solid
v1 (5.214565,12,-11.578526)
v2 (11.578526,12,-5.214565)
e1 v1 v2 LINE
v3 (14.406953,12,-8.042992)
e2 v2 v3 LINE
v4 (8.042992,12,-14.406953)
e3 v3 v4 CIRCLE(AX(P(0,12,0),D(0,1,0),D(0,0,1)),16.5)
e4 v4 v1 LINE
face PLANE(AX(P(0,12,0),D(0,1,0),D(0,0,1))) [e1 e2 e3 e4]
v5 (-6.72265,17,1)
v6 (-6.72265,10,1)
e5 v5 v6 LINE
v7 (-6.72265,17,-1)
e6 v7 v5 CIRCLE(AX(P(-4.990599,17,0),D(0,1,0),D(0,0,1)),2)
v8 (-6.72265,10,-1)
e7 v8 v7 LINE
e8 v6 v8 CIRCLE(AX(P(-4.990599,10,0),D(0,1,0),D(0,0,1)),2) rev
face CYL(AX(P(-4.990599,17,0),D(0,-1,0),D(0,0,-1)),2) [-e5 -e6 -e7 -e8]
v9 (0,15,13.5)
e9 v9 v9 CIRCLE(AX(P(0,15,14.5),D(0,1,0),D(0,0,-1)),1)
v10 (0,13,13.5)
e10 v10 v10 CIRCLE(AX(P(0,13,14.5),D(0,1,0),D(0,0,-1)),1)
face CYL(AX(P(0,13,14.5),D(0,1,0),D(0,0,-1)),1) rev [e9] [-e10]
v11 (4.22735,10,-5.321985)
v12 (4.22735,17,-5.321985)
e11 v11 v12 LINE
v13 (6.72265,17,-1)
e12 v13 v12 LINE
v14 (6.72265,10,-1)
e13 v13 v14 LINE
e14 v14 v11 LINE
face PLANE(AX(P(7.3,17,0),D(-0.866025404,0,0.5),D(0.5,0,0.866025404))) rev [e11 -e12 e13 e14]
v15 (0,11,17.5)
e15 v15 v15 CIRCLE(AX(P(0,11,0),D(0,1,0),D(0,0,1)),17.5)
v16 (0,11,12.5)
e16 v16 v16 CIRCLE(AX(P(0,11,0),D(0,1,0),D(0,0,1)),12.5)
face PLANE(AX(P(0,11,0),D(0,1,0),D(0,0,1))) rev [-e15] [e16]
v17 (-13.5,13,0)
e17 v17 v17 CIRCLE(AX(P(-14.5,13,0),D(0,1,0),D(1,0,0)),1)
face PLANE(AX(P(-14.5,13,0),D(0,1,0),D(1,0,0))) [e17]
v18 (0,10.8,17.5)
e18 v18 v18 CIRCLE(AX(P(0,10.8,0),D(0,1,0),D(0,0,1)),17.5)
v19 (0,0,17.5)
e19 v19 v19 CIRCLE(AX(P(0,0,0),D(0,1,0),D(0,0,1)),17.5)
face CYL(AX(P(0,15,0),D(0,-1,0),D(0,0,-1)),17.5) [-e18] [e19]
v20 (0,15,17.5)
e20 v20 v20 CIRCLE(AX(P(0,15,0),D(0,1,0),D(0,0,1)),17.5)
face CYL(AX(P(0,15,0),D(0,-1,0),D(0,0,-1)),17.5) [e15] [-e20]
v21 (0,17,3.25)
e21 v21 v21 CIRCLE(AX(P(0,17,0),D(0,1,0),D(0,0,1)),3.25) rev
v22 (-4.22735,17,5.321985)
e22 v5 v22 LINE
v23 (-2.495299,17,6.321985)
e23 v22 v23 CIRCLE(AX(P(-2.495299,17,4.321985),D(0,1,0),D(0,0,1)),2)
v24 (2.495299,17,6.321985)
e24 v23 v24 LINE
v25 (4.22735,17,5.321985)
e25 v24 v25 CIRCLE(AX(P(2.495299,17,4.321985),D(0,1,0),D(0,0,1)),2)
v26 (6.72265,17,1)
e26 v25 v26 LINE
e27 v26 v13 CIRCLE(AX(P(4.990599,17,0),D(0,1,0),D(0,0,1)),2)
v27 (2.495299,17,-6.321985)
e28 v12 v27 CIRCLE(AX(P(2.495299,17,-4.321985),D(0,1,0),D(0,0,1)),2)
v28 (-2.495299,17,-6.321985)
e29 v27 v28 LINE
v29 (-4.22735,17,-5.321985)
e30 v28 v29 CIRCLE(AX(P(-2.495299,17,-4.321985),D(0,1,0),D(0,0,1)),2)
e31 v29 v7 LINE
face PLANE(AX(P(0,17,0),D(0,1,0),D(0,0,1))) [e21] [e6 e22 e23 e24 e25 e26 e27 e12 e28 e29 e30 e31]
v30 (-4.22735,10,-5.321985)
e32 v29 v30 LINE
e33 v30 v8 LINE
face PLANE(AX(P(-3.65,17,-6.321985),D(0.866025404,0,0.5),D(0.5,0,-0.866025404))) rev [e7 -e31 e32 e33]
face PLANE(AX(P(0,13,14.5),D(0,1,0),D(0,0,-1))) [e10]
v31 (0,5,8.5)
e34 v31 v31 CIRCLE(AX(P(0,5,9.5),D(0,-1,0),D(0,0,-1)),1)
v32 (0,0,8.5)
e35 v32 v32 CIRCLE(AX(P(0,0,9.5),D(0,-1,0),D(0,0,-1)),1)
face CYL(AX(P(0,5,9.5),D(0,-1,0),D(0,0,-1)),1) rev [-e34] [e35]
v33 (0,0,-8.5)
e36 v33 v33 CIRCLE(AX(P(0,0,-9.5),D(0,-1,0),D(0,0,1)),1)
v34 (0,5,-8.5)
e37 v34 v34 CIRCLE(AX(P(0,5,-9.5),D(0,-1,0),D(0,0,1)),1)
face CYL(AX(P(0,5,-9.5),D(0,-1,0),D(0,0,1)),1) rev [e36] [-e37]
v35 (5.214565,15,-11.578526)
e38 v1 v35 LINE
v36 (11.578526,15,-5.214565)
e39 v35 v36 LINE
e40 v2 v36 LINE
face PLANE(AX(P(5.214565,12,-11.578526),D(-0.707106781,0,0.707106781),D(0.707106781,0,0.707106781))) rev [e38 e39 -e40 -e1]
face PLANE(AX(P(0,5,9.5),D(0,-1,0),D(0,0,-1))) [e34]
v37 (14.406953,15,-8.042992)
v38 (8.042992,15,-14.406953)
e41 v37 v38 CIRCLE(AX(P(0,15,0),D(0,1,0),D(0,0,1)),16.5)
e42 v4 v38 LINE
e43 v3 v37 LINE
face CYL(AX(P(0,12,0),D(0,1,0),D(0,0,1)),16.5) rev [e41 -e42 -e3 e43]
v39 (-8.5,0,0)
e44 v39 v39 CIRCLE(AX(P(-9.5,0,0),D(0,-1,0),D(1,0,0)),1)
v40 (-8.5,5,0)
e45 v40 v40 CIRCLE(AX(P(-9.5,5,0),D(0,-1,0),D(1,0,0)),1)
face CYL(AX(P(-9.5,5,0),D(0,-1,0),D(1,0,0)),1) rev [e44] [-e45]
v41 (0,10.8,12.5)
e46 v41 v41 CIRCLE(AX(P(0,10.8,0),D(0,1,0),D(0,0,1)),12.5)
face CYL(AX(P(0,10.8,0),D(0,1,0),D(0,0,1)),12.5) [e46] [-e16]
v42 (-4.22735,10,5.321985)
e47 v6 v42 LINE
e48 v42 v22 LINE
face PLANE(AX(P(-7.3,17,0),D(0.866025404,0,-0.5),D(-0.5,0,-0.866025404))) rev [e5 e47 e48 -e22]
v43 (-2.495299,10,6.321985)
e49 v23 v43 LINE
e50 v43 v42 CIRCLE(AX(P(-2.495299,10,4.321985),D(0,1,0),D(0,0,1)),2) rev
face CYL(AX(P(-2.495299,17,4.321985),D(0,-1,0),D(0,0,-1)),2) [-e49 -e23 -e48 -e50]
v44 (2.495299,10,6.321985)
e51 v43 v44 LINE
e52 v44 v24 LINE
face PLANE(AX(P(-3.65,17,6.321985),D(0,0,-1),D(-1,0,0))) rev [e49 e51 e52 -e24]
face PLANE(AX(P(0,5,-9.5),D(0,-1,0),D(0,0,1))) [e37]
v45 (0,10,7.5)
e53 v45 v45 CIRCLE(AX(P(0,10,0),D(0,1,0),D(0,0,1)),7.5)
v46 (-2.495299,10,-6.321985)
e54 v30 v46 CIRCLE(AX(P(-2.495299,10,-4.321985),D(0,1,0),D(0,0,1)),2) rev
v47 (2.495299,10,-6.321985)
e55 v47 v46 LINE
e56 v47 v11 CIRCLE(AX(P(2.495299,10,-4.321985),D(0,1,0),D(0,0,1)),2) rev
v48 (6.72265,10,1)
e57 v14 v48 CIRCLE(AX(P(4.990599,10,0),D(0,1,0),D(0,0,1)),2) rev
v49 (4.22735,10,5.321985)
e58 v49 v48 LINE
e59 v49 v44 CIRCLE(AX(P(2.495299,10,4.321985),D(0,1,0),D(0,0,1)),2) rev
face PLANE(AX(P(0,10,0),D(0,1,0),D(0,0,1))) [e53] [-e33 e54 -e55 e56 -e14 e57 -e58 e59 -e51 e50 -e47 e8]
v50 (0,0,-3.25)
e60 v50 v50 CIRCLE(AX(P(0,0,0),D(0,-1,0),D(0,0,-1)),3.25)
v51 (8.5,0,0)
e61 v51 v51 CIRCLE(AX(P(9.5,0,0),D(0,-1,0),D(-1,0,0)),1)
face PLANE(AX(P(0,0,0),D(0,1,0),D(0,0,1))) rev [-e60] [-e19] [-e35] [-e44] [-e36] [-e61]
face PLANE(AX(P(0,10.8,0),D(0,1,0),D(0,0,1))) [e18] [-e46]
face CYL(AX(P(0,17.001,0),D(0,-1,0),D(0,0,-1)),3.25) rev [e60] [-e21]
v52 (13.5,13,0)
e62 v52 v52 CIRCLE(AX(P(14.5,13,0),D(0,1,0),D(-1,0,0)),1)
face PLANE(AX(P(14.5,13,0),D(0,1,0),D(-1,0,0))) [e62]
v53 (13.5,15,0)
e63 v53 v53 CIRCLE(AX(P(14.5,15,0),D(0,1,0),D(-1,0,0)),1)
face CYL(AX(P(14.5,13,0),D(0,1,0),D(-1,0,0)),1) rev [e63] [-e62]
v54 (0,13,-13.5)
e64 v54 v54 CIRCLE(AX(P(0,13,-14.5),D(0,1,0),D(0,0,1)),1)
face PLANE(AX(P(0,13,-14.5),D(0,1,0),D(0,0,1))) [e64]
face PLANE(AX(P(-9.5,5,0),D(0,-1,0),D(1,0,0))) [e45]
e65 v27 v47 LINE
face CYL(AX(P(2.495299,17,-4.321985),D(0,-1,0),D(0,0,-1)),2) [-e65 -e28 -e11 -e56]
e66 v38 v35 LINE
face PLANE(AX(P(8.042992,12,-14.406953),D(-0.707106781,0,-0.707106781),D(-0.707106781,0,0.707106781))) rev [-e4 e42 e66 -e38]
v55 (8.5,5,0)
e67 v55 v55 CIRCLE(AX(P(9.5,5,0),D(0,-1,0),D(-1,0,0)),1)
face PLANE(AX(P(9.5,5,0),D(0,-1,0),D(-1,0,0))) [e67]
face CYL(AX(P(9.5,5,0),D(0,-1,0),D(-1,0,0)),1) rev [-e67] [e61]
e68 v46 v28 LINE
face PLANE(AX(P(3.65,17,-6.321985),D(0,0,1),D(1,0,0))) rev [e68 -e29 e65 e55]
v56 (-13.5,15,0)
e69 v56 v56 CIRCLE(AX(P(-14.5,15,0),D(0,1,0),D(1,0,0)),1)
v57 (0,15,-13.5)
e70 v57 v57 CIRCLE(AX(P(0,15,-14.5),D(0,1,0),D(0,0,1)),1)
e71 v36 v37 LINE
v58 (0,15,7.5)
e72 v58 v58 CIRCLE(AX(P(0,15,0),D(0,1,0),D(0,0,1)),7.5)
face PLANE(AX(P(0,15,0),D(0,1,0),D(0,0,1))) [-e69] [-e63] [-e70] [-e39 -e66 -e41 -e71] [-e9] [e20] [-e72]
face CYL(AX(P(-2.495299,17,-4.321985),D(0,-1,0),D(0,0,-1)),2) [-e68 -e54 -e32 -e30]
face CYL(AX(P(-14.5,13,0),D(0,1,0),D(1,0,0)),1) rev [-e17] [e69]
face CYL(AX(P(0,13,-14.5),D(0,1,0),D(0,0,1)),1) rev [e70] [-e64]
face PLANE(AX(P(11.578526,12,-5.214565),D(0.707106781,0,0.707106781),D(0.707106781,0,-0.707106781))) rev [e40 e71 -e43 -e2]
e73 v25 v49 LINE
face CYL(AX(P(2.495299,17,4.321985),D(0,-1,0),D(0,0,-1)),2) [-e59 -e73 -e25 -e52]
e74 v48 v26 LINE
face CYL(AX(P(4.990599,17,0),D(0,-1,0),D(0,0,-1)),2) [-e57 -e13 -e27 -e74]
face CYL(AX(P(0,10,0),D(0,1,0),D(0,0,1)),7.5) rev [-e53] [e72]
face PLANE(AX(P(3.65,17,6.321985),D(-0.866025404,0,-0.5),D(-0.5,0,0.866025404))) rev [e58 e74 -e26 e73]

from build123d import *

# Parameters (mm, degrees)
SKETCH1_R           = 17.5
BOSS_EXTRUDE1_DEPTH = 15
BOSS_EXTRUDE2_DEPTH = 2
CUT_EXTRUDE1_REACH  = 19
SKETCH3_R           = 3.25
SKETCH4_R           = 1
CUT_EXTRUDE2_DEPTH  = 5
CIRPATTERN1_COUNT   = 4
SKETCH5_R           = 1
CUT_EXTRUDE3_DEPTH  = 2
CIRPATTERN2_COUNT   = 4
SKETCH6_R           = 7.5
CUT_EXTRUDE4_DEPTH  = 5
CUT_EXTRUDE6_START  = -4
SKETCH7_R           = 17.5
SKETCH7_R_2         = 12.5
CUT_EXTRUDE6_DEPTH  = 0.2
FILLET1_R           = 2
CUT_EXTRUDE7_DEPTH  = 3


with BuildPart() as part:
    # Sketch1 → Boss-Extrude1 (new body)
    with BuildSketch(Plane(origin=(0, 0, 0), x_dir=(1, 0, 0), z_dir=(0, 1, 0))):
        Circle(SKETCH1_R)
    extrude(amount=BOSS_EXTRUDE1_DEPTH)

    # Sketch2 → Boss-Extrude2 (add)
    with BuildSketch(Plane(origin=(0, 15, 0), x_dir=(1, 0, 0), z_dir=(0, 1, 0))):
        Polygon((7.3, 0), (3.65, 6.321985448), (-3.65, 6.321985448), (-7.3, 0), (-3.65, -6.321985448), (3.65, -6.321985448), align=None)
    extrude(amount=BOSS_EXTRUDE2_DEPTH)

    # Sketch3 → Cut-Extrude1 (cut, up to next)
    with BuildSketch(Plane.XZ, mode=Mode.PRIVATE) as cut_extrude1_sk1:
        Circle(SKETCH3_R)
    cut_extrude1_tool1 = extrude(cut_extrude1_sk1.sketch, amount=-CUT_EXTRUDE1_REACH, mode=Mode.PRIVATE) & part.part
    add(cut_extrude1_tool1.solids().sort_by_distance((0, 0, 0))[0], mode=Mode.SUBTRACT)

    # Sketch4 → Cut-Extrude2 (cut)
    with BuildSketch(Plane.XZ):
        with Locations((0, 9.5)):
            Circle(SKETCH4_R)
    cut_extrude2 = extrude(amount=-CUT_EXTRUDE2_DEPTH, mode=Mode.SUBTRACT)

    # CirPattern1: Cut-Extrude2 ×4 about axis
    cirpattern1_axis = Axis((0, 0, 0), (0, 1, 0))
    for i in range(1, CIRPATTERN1_COUNT):
        add(cut_extrude2.rotate(cirpattern1_axis, i * 360 / CIRPATTERN1_COUNT), mode=Mode.SUBTRACT)

    # Sketch5 → Cut-Extrude3 (cut)
    with BuildSketch(Plane(origin=(0, 15, 0), x_dir=(1, 0, 0), z_dir=(0, 1, 0))):
        with Locations((0, 14.5)):
            Circle(SKETCH5_R)
    cut_extrude3 = extrude(amount=-CUT_EXTRUDE3_DEPTH, mode=Mode.SUBTRACT)

    # CirPattern2: Cut-Extrude3 ×4 about axis
    cirpattern2_axis = Axis((0, 0, 0), (0, 1, 0))
    for i in range(1, CIRPATTERN2_COUNT):
        add(cut_extrude3.rotate(cirpattern2_axis, i * 360 / CIRPATTERN2_COUNT), mode=Mode.SUBTRACT)

    # Sketch6 → Cut-Extrude4 (cut)
    with BuildSketch(Plane(origin=(0, 15, 0), x_dir=(1, 0, 0), z_dir=(0, 1, 0))):
        Circle(SKETCH6_R)
        Polygon((7.3, 0), (3.65, 6.321985448), (-3.65, 6.321985448), (-7.3, 0), (-3.65, -6.321985448), (3.65, -6.321985448), align=None, mode=Mode.SUBTRACT)
    extrude(amount=-CUT_EXTRUDE4_DEPTH, mode=Mode.SUBTRACT)

    # Sketch7 → Cut-Extrude6 (cut)
    with BuildSketch(Plane(origin=(0, 15, 0), x_dir=(1, 0, 0), z_dir=(0, 1, 0)).offset(CUT_EXTRUDE6_START)):
        Circle(SKETCH7_R)
        Circle(SKETCH7_R_2, mode=Mode.SUBTRACT)
    extrude(amount=-CUT_EXTRUDE6_DEPTH, mode=Mode.SUBTRACT)

    # Fillet1
    fillet1_edges = [part.edges().sort_by_distance(p)[0] for p in [
        (-7.3, 13.5, 0),
        (-3.65, 13.5, 6.321985448),
        (3.65, 13.5, 6.321985448),
        (7.3, 13.5, 0),
        (3.65, 13.5, -6.321985448),
        (-3.65, 13.5, -6.321985448),
    ]]
    fillet(fillet1_edges, radius=FILLET1_R)

    # Sketch8 → Cut-Extrude7 (cut)
    with BuildSketch(Plane(origin=(0, 15, 0), x_dir=(1, 0, 0), z_dir=(0, 1, 0))):
        with BuildLine():
            Line((8.042991645, 14.406952676), (5.21456452, 11.578525551))
            Line((5.21456452, 11.578525551), (11.578525551, 5.21456452))
            Line((11.578525551, 5.21456452), (14.406952676, 8.042991645))
            ThreePointArc((14.406952676, 8.042991645), (11.66726189, 11.66726189), (8.042991645, 14.406952676))
        make_face()
    extrude(amount=-CUT_EXTRUDE7_DEPTH, mode=Mode.SUBTRACT)


solid = part.part
